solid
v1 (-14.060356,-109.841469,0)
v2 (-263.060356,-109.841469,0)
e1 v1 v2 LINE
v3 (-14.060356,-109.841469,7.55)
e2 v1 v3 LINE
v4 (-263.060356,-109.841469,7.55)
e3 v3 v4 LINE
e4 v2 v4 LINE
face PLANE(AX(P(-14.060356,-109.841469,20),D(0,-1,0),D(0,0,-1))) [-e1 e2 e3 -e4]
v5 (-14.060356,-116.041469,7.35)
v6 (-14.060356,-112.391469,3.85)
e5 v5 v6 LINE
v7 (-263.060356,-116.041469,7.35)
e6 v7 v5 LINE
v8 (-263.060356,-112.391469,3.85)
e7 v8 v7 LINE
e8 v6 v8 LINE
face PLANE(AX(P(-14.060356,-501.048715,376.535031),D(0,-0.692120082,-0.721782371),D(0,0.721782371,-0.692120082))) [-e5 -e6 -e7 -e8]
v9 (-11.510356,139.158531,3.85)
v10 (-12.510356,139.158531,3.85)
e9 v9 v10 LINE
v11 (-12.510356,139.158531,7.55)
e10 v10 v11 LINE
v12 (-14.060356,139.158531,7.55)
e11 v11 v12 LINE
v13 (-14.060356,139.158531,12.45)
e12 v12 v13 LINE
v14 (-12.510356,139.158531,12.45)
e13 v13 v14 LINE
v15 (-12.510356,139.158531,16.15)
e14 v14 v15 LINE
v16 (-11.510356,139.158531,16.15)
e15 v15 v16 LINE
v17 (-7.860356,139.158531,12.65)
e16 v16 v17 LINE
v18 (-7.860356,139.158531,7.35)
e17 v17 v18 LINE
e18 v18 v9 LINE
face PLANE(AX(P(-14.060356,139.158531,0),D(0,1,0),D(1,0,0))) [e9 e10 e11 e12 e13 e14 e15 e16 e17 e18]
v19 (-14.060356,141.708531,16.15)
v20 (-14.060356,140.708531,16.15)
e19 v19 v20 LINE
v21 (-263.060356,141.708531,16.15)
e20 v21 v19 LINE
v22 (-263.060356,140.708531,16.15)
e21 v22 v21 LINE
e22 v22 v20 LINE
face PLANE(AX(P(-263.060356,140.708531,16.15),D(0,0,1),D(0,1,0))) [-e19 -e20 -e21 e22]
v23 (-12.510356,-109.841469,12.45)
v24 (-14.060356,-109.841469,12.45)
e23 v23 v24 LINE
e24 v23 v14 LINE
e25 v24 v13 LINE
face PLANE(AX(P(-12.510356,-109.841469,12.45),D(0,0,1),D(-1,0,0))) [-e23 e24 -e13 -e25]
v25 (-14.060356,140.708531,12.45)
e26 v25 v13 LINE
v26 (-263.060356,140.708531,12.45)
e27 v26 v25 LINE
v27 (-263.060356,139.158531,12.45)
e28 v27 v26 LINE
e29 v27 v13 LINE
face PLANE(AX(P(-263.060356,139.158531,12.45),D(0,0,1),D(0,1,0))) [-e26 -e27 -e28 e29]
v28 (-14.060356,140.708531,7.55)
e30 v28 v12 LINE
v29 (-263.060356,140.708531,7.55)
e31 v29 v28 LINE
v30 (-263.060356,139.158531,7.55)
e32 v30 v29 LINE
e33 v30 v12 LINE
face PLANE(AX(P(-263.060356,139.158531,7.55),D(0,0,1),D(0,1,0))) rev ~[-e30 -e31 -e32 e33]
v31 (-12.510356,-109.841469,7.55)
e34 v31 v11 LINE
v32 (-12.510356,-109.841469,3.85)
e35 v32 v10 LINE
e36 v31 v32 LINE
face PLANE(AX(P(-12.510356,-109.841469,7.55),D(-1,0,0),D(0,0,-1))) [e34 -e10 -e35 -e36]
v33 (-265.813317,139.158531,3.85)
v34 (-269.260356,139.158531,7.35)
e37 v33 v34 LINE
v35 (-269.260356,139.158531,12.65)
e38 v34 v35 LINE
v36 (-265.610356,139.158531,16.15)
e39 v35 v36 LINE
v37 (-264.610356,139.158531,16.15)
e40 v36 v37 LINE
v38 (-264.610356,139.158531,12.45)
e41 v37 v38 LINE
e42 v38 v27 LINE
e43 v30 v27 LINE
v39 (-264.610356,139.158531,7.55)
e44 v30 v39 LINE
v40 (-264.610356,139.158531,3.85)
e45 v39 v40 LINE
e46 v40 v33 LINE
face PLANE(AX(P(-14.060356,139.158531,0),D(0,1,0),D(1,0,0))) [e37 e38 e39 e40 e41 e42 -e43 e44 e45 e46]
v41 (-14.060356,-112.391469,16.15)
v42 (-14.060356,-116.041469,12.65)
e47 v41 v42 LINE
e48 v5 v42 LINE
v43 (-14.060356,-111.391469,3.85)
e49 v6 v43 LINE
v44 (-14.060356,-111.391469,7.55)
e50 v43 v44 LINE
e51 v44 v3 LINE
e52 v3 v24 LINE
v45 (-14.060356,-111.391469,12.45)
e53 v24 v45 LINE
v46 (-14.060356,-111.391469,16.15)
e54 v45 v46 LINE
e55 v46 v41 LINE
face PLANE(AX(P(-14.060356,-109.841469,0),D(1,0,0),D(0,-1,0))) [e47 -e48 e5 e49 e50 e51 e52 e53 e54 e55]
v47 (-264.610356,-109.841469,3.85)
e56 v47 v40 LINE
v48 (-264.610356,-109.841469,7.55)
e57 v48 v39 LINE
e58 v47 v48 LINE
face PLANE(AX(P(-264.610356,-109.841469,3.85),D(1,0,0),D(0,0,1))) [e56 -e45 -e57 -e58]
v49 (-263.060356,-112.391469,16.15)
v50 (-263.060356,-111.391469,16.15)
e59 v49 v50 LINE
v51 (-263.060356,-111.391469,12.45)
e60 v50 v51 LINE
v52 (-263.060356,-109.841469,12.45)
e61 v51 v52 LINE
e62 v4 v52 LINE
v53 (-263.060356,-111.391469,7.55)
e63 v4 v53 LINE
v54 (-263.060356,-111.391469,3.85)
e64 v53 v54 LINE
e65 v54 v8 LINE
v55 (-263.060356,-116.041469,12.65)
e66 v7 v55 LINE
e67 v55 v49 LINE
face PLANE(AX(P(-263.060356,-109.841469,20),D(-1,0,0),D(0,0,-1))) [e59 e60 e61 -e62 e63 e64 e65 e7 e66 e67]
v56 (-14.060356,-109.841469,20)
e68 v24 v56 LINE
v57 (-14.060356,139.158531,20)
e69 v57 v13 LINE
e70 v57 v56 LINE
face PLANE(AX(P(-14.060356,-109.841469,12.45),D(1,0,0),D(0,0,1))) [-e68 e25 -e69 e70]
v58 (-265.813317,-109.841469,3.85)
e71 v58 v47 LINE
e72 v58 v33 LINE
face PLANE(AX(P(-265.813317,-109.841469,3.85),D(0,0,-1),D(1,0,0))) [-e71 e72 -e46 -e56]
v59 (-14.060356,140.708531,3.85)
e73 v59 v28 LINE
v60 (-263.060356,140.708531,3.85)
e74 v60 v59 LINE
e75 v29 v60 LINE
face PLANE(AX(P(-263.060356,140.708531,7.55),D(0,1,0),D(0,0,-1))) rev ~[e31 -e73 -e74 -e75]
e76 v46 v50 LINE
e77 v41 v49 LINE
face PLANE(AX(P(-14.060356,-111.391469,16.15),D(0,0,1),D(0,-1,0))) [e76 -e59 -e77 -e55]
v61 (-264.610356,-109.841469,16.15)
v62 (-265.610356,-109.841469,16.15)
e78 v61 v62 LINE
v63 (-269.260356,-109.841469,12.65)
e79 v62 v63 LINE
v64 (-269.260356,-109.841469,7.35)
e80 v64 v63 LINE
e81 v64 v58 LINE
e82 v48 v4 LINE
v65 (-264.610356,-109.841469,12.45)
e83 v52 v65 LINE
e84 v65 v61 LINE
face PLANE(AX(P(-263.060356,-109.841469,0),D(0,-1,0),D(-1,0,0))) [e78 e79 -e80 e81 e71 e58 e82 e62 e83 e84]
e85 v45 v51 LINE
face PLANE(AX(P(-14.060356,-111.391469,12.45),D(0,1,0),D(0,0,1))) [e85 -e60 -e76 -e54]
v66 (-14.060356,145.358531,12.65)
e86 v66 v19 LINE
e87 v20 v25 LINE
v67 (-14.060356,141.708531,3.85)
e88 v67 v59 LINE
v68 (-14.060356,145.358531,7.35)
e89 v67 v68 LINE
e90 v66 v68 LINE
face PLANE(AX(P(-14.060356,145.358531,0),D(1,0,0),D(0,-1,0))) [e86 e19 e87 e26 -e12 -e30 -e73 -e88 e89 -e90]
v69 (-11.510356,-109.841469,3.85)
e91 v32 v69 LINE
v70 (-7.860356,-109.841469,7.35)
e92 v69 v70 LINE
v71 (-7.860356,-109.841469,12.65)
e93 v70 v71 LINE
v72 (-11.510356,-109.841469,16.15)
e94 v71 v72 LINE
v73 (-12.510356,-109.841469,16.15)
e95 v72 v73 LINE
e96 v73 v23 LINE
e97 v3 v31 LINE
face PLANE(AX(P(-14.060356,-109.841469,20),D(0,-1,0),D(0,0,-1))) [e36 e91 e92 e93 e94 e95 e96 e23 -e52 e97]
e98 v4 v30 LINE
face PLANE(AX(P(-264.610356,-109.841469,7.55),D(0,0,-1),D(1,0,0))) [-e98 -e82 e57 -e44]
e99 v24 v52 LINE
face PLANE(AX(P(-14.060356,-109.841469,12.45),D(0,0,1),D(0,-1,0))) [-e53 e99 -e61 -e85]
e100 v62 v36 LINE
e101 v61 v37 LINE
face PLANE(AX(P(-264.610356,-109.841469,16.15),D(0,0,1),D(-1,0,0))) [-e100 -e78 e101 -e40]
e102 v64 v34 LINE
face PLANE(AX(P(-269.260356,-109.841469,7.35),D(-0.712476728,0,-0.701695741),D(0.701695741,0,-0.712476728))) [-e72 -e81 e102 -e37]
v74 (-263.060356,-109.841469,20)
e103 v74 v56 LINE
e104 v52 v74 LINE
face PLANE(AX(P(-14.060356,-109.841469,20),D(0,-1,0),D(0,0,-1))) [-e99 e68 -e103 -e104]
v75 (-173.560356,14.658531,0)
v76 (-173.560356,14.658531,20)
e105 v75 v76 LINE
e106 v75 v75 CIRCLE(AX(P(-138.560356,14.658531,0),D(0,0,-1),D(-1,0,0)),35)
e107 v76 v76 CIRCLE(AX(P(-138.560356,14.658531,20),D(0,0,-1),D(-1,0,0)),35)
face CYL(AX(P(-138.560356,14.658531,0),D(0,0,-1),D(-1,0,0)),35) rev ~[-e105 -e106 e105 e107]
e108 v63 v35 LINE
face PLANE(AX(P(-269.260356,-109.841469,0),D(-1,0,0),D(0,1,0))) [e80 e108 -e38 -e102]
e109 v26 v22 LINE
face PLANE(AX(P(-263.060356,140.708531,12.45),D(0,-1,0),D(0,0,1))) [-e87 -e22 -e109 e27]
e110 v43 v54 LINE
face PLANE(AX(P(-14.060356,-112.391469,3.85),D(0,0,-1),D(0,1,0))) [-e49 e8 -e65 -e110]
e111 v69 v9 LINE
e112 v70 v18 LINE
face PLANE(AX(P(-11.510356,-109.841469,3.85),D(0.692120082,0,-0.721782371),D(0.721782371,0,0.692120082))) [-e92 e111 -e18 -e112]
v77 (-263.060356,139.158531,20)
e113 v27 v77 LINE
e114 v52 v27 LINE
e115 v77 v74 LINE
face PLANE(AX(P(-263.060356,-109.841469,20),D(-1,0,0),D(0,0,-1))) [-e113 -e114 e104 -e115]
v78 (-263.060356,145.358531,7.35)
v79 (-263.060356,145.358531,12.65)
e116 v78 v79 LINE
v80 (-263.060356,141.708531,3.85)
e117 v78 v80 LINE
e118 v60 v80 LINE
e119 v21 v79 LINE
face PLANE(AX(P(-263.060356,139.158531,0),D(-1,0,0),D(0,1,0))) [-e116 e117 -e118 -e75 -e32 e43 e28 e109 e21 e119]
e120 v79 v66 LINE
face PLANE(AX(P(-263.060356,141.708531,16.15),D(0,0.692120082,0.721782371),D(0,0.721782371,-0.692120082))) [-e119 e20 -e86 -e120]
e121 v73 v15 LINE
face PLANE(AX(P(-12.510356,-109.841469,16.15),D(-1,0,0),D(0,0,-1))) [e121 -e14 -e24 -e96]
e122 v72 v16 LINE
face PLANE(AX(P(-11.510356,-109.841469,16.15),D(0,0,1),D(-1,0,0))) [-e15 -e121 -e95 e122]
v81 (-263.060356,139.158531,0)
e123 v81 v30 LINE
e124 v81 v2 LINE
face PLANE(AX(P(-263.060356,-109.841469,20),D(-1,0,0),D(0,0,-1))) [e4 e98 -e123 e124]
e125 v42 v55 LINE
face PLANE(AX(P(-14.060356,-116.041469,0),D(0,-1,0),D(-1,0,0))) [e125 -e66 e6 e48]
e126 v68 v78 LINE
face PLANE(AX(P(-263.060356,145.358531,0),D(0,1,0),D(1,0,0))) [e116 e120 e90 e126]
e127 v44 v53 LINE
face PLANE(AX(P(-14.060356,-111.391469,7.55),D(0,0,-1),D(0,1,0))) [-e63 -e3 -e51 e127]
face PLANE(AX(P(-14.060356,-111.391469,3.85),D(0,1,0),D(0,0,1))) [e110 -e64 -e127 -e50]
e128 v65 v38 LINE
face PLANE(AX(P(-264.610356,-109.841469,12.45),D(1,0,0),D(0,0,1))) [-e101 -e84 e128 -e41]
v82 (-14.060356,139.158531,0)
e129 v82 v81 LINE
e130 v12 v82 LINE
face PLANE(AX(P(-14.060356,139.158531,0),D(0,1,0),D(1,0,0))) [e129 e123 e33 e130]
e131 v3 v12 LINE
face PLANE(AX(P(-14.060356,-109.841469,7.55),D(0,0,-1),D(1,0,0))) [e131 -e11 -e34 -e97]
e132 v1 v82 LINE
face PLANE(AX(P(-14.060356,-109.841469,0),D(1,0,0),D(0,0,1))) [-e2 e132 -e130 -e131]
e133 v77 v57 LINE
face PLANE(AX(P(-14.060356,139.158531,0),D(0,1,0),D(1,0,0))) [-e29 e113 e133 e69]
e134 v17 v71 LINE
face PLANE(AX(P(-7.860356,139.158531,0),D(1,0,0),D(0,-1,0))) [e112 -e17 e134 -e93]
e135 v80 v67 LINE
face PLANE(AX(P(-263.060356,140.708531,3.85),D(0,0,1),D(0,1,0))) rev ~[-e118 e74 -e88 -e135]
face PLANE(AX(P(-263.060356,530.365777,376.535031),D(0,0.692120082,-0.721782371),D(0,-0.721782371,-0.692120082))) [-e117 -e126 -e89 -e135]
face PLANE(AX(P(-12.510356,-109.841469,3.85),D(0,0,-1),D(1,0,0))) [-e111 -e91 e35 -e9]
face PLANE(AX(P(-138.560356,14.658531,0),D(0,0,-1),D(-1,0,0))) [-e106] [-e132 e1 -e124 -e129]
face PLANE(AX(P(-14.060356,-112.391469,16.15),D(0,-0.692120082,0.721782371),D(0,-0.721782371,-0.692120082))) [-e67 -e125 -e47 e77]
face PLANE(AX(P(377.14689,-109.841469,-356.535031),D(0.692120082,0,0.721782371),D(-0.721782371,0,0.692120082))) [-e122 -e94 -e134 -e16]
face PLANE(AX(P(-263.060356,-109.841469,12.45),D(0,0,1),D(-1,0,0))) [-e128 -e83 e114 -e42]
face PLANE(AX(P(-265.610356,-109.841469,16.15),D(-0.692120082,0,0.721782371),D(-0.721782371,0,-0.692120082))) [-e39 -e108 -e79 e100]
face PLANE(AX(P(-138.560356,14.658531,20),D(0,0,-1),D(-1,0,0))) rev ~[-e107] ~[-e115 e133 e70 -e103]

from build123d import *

# Parameters (mm, degrees)
BOSS_EXTRU_3_DEPTH            = 20
ENL_V_MAT_EXTRU_11_DEPTH      = 295.374154069
ENL_V_MAT_EXTRU_11_DEPTH_BACK = 249
ENL_V_MAT_EXTRU_12_DEPTH      = 295.374154069
ENL_V_MAT_EXTRU_12_DEPTH_BACK = 249
ENL_V_MAT_EXTRU_13_DEPTH      = 372.52143865
ENL_V_MAT_EXTRU_13_DEPTH_BACK = 249
ENL_V_MAT_EXTRU_14_DEPTH      = 372.52143865
ENL_V_MAT_EXTRU_14_DEPTH_BACK = 249
ENL_V_MAT_EXTRU_15_DEPTH      = 295.374154069
ENL_V_MAT_EXTRU_15_DEPTH_BACK = 249
ENL_V_MAT_EXTRU_16_DEPTH      = 295.374154069
ENL_V_MAT_EXTRU_16_DEPTH_BACK = 249
ENL_V_MAT_EXTRU_17_DEPTH      = 372.52143865
ENL_V_MAT_EXTRU_17_DEPTH_BACK = 249
ENL_V_MAT_EXTRU_18_DEPTH      = 372.52143865
ENL_V_MAT_EXTRU_18_DEPTH_BACK = 249
ESQUISSE17_R                  = 35
ENL_V_MAT_EXTRU_20_DEPTH      = 20


with BuildPart() as part:
    # Esquisse1 → Boss.-Extru.3 (new body)
    with BuildSketch(Plane.XY):
        Polygon((-263.060356118, 145.358531169), (-14.060356118, 145.358531169), (-14.060356118, 139.158531169), (-7.860356118, 139.158531169), (-7.860356118, -109.841468831), (-14.060356118, -109.841468831), (-14.060356118, -116.041468831), (-263.060356118, -116.041468831), (-263.060356118, -109.841468831), (-269.260356118, -109.841468831), (-269.260356118, 139.158531169), (-263.060356118, 139.158531169), align=None)
    extrude(amount=BOSS_EXTRU_3_DEPTH)

    # Esquisse4 → Enlèv. mat.-Extru.11 (cut, two sides: drawn at the far end of the back side and taken through both)
    with BuildSketch(Plane(origin=(-14.060356118, 0, 0), x_dir=(0, 0, -1), z_dir=(1, 0, 0)).offset(-ENL_V_MAT_EXTRU_11_DEPTH_BACK)):
        Polygon((-553.411816833, 139.158531169), (-20, 139.158531169), (-12.45, 139.158531169), (-12.45, 140.708531169), (-16.15, 140.708531169), (-16.15, 141.708531169), (-12.65, 145.358531169), (356.535030531, 530.365777294), (-64.826371106, 1510.451097334), (-974.77321847, 1119.243851209), align=None)
    extrude(amount=ENL_V_MAT_EXTRU_11_DEPTH + ENL_V_MAT_EXTRU_11_DEPTH_BACK, mode=Mode.SUBTRACT)

    # Esquisse8 → Enlèv. mat.-Extru.12 (cut, two sides: drawn at the far end of the back side and taken through both)
    with BuildSketch(Plane(origin=(-14.060356118, 0, 0), x_dir=(0, 0, -1), z_dir=(1, 0, 0)).offset(-ENL_V_MAT_EXTRU_12_DEPTH_BACK)):
        Polygon((533.411816833, 139.158531169), (0, 139.158531169), (-7.55, 139.158531169), (-7.55, 140.708531169), (-3.85, 140.708531169), (-3.85, 141.708531169), (-7.35, 145.358531169), (-376.535030531, 530.365777294), (44.826371106, 1510.451097334), (954.77321847, 1119.243851209), align=None)
    extrude(amount=ENL_V_MAT_EXTRU_12_DEPTH + ENL_V_MAT_EXTRU_12_DEPTH_BACK, mode=Mode.SUBTRACT)

    # Esquisse10 → Enlèv. mat.-Extru.13 (cut, two sides: drawn at the far end of the back side and taken through both)
    with BuildSketch(Plane(origin=(0, 139.158531169, 0), x_dir=(1, 0, 0), z_dir=(0, 1, 0)).offset(-ENL_V_MAT_EXTRU_13_DEPTH_BACK)):
        Polygon((-263.060356118, -20), (-263.060356118, -12.45), (-264.610356118, -12.45), (-264.610356118, -16.15), (-265.610356118, -16.15), (-269.260356118, -12.65), (-269.260356118, -20), align=None)
    extrude(amount=ENL_V_MAT_EXTRU_13_DEPTH + ENL_V_MAT_EXTRU_13_DEPTH_BACK, mode=Mode.SUBTRACT)

    # Esquisse11 → Enlèv. mat.-Extru.14 (cut, two sides: drawn at the far end of the back side and taken through both)
    with BuildSketch(Plane(origin=(0, 139.158531169, 0), x_dir=(1, 0, 0), z_dir=(0, 1, 0)).offset(-ENL_V_MAT_EXTRU_14_DEPTH_BACK)):
        Polygon((-643.553156031, -387.393505759), (-269.260356118, -7.35), (-265.813317082, -3.85), (-264.610356118, -3.85), (-264.610356118, -7.55), (-263.060356118, -7.55), (-263.060356118, 0), (-263.060356118, 533.411816833), (-1249.023765439, 940.82907325), (-1629.516565352, 20.023750658), align=None)
    extrude(amount=ENL_V_MAT_EXTRU_14_DEPTH + ENL_V_MAT_EXTRU_14_DEPTH_BACK, mode=Mode.SUBTRACT)

    # Esquisse12 → Enlèv. mat.-Extru.15 (cut, two sides: drawn at the far end of the back side and taken through both)
    with BuildSketch(Plane.ZY.offset(263.060356118).offset(-ENL_V_MAT_EXTRU_15_DEPTH_BACK)):
        Polygon((20, -109.841468831), (12.45, -109.841468831), (12.45, -111.391468831), (16.15, -111.391468831), (16.15, -112.391468831), (12.65, -116.041468831), (20, -116.041468831), align=None)
    extrude(amount=ENL_V_MAT_EXTRU_15_DEPTH + ENL_V_MAT_EXTRU_15_DEPTH_BACK, mode=Mode.SUBTRACT)

    # Esquisse13 → Enlèv. mat.-Extru.16 (cut, two sides: drawn at the far end of the back side and taken through both)
    with BuildSketch(Plane.ZY.offset(263.060356118).offset(-ENL_V_MAT_EXTRU_16_DEPTH_BACK)):
        Polygon((376.535030531, -501.048714956), (7.35, -116.041468831), (3.85, -112.391468831), (3.85, -111.391468831), (7.55, -111.391468831), (7.55, -109.841468831), (0, -109.841468831), (-533.411816833, -109.841468831), (-954.77321847, -1089.92678887), (-44.826371106, -1481.134034995), align=None)
    extrude(amount=ENL_V_MAT_EXTRU_16_DEPTH + ENL_V_MAT_EXTRU_16_DEPTH_BACK, mode=Mode.SUBTRACT)

    # Esquisse15 → Enlèv. mat.-Extru.17 (cut, two sides: drawn at the far end of the back side and taken through both)
    with BuildSketch(Plane(origin=(0, 139.158531169, 0), x_dir=(1, 0, 0), z_dir=(0, 1, 0)).offset(-ENL_V_MAT_EXTRU_17_DEPTH_BACK)):
        Polygon((-14.060356118, 0), (-14.060356118, -7.55), (-12.510356118, -7.55), (-12.510356118, -3.85), (-11.510356118, -3.85), (-7.860356118, -7.35), (-7.860356118, 0), align=None)
    extrude(amount=ENL_V_MAT_EXTRU_17_DEPTH + ENL_V_MAT_EXTRU_17_DEPTH_BACK, mode=Mode.SUBTRACT)

    # Esquisse16 → Enlèv. mat.-Extru.18 (cut, two sides: drawn at the far end of the back side and taken through both)
    with BuildSketch(Plane(origin=(0, 139.158531169, 0), x_dir=(1, 0, 0), z_dir=(0, 1, 0)).offset(-ENL_V_MAT_EXTRU_18_DEPTH_BACK)):
        Polygon((377.146890007, 356.535030531), (-7.860356118, -12.65), (-11.510356118, -16.15), (-12.510356118, -16.15), (-12.510356118, -12.45), (-14.060356118, -12.45), (-14.060356118, -20), (-14.060356118, -553.411816833), (966.024963922, -974.77321847), (1357.232210047, -64.826371106), align=None)
    extrude(amount=ENL_V_MAT_EXTRU_18_DEPTH + ENL_V_MAT_EXTRU_18_DEPTH_BACK, mode=Mode.SUBTRACT)

    # Esquisse17 → Enlèv. mat.-Extru.20 (cut)
    with BuildSketch(Plane(origin=(0, 0, 0), x_dir=(-1, 0, 0), z_dir=(0, 0, -1))):
        with Locations((138.560356118, 14.658531169)):
            Circle(ESQUISSE17_R)
    extrude(amount=-ENL_V_MAT_EXTRU_20_DEPTH, mode=Mode.SUBTRACT)


solid = part.part
